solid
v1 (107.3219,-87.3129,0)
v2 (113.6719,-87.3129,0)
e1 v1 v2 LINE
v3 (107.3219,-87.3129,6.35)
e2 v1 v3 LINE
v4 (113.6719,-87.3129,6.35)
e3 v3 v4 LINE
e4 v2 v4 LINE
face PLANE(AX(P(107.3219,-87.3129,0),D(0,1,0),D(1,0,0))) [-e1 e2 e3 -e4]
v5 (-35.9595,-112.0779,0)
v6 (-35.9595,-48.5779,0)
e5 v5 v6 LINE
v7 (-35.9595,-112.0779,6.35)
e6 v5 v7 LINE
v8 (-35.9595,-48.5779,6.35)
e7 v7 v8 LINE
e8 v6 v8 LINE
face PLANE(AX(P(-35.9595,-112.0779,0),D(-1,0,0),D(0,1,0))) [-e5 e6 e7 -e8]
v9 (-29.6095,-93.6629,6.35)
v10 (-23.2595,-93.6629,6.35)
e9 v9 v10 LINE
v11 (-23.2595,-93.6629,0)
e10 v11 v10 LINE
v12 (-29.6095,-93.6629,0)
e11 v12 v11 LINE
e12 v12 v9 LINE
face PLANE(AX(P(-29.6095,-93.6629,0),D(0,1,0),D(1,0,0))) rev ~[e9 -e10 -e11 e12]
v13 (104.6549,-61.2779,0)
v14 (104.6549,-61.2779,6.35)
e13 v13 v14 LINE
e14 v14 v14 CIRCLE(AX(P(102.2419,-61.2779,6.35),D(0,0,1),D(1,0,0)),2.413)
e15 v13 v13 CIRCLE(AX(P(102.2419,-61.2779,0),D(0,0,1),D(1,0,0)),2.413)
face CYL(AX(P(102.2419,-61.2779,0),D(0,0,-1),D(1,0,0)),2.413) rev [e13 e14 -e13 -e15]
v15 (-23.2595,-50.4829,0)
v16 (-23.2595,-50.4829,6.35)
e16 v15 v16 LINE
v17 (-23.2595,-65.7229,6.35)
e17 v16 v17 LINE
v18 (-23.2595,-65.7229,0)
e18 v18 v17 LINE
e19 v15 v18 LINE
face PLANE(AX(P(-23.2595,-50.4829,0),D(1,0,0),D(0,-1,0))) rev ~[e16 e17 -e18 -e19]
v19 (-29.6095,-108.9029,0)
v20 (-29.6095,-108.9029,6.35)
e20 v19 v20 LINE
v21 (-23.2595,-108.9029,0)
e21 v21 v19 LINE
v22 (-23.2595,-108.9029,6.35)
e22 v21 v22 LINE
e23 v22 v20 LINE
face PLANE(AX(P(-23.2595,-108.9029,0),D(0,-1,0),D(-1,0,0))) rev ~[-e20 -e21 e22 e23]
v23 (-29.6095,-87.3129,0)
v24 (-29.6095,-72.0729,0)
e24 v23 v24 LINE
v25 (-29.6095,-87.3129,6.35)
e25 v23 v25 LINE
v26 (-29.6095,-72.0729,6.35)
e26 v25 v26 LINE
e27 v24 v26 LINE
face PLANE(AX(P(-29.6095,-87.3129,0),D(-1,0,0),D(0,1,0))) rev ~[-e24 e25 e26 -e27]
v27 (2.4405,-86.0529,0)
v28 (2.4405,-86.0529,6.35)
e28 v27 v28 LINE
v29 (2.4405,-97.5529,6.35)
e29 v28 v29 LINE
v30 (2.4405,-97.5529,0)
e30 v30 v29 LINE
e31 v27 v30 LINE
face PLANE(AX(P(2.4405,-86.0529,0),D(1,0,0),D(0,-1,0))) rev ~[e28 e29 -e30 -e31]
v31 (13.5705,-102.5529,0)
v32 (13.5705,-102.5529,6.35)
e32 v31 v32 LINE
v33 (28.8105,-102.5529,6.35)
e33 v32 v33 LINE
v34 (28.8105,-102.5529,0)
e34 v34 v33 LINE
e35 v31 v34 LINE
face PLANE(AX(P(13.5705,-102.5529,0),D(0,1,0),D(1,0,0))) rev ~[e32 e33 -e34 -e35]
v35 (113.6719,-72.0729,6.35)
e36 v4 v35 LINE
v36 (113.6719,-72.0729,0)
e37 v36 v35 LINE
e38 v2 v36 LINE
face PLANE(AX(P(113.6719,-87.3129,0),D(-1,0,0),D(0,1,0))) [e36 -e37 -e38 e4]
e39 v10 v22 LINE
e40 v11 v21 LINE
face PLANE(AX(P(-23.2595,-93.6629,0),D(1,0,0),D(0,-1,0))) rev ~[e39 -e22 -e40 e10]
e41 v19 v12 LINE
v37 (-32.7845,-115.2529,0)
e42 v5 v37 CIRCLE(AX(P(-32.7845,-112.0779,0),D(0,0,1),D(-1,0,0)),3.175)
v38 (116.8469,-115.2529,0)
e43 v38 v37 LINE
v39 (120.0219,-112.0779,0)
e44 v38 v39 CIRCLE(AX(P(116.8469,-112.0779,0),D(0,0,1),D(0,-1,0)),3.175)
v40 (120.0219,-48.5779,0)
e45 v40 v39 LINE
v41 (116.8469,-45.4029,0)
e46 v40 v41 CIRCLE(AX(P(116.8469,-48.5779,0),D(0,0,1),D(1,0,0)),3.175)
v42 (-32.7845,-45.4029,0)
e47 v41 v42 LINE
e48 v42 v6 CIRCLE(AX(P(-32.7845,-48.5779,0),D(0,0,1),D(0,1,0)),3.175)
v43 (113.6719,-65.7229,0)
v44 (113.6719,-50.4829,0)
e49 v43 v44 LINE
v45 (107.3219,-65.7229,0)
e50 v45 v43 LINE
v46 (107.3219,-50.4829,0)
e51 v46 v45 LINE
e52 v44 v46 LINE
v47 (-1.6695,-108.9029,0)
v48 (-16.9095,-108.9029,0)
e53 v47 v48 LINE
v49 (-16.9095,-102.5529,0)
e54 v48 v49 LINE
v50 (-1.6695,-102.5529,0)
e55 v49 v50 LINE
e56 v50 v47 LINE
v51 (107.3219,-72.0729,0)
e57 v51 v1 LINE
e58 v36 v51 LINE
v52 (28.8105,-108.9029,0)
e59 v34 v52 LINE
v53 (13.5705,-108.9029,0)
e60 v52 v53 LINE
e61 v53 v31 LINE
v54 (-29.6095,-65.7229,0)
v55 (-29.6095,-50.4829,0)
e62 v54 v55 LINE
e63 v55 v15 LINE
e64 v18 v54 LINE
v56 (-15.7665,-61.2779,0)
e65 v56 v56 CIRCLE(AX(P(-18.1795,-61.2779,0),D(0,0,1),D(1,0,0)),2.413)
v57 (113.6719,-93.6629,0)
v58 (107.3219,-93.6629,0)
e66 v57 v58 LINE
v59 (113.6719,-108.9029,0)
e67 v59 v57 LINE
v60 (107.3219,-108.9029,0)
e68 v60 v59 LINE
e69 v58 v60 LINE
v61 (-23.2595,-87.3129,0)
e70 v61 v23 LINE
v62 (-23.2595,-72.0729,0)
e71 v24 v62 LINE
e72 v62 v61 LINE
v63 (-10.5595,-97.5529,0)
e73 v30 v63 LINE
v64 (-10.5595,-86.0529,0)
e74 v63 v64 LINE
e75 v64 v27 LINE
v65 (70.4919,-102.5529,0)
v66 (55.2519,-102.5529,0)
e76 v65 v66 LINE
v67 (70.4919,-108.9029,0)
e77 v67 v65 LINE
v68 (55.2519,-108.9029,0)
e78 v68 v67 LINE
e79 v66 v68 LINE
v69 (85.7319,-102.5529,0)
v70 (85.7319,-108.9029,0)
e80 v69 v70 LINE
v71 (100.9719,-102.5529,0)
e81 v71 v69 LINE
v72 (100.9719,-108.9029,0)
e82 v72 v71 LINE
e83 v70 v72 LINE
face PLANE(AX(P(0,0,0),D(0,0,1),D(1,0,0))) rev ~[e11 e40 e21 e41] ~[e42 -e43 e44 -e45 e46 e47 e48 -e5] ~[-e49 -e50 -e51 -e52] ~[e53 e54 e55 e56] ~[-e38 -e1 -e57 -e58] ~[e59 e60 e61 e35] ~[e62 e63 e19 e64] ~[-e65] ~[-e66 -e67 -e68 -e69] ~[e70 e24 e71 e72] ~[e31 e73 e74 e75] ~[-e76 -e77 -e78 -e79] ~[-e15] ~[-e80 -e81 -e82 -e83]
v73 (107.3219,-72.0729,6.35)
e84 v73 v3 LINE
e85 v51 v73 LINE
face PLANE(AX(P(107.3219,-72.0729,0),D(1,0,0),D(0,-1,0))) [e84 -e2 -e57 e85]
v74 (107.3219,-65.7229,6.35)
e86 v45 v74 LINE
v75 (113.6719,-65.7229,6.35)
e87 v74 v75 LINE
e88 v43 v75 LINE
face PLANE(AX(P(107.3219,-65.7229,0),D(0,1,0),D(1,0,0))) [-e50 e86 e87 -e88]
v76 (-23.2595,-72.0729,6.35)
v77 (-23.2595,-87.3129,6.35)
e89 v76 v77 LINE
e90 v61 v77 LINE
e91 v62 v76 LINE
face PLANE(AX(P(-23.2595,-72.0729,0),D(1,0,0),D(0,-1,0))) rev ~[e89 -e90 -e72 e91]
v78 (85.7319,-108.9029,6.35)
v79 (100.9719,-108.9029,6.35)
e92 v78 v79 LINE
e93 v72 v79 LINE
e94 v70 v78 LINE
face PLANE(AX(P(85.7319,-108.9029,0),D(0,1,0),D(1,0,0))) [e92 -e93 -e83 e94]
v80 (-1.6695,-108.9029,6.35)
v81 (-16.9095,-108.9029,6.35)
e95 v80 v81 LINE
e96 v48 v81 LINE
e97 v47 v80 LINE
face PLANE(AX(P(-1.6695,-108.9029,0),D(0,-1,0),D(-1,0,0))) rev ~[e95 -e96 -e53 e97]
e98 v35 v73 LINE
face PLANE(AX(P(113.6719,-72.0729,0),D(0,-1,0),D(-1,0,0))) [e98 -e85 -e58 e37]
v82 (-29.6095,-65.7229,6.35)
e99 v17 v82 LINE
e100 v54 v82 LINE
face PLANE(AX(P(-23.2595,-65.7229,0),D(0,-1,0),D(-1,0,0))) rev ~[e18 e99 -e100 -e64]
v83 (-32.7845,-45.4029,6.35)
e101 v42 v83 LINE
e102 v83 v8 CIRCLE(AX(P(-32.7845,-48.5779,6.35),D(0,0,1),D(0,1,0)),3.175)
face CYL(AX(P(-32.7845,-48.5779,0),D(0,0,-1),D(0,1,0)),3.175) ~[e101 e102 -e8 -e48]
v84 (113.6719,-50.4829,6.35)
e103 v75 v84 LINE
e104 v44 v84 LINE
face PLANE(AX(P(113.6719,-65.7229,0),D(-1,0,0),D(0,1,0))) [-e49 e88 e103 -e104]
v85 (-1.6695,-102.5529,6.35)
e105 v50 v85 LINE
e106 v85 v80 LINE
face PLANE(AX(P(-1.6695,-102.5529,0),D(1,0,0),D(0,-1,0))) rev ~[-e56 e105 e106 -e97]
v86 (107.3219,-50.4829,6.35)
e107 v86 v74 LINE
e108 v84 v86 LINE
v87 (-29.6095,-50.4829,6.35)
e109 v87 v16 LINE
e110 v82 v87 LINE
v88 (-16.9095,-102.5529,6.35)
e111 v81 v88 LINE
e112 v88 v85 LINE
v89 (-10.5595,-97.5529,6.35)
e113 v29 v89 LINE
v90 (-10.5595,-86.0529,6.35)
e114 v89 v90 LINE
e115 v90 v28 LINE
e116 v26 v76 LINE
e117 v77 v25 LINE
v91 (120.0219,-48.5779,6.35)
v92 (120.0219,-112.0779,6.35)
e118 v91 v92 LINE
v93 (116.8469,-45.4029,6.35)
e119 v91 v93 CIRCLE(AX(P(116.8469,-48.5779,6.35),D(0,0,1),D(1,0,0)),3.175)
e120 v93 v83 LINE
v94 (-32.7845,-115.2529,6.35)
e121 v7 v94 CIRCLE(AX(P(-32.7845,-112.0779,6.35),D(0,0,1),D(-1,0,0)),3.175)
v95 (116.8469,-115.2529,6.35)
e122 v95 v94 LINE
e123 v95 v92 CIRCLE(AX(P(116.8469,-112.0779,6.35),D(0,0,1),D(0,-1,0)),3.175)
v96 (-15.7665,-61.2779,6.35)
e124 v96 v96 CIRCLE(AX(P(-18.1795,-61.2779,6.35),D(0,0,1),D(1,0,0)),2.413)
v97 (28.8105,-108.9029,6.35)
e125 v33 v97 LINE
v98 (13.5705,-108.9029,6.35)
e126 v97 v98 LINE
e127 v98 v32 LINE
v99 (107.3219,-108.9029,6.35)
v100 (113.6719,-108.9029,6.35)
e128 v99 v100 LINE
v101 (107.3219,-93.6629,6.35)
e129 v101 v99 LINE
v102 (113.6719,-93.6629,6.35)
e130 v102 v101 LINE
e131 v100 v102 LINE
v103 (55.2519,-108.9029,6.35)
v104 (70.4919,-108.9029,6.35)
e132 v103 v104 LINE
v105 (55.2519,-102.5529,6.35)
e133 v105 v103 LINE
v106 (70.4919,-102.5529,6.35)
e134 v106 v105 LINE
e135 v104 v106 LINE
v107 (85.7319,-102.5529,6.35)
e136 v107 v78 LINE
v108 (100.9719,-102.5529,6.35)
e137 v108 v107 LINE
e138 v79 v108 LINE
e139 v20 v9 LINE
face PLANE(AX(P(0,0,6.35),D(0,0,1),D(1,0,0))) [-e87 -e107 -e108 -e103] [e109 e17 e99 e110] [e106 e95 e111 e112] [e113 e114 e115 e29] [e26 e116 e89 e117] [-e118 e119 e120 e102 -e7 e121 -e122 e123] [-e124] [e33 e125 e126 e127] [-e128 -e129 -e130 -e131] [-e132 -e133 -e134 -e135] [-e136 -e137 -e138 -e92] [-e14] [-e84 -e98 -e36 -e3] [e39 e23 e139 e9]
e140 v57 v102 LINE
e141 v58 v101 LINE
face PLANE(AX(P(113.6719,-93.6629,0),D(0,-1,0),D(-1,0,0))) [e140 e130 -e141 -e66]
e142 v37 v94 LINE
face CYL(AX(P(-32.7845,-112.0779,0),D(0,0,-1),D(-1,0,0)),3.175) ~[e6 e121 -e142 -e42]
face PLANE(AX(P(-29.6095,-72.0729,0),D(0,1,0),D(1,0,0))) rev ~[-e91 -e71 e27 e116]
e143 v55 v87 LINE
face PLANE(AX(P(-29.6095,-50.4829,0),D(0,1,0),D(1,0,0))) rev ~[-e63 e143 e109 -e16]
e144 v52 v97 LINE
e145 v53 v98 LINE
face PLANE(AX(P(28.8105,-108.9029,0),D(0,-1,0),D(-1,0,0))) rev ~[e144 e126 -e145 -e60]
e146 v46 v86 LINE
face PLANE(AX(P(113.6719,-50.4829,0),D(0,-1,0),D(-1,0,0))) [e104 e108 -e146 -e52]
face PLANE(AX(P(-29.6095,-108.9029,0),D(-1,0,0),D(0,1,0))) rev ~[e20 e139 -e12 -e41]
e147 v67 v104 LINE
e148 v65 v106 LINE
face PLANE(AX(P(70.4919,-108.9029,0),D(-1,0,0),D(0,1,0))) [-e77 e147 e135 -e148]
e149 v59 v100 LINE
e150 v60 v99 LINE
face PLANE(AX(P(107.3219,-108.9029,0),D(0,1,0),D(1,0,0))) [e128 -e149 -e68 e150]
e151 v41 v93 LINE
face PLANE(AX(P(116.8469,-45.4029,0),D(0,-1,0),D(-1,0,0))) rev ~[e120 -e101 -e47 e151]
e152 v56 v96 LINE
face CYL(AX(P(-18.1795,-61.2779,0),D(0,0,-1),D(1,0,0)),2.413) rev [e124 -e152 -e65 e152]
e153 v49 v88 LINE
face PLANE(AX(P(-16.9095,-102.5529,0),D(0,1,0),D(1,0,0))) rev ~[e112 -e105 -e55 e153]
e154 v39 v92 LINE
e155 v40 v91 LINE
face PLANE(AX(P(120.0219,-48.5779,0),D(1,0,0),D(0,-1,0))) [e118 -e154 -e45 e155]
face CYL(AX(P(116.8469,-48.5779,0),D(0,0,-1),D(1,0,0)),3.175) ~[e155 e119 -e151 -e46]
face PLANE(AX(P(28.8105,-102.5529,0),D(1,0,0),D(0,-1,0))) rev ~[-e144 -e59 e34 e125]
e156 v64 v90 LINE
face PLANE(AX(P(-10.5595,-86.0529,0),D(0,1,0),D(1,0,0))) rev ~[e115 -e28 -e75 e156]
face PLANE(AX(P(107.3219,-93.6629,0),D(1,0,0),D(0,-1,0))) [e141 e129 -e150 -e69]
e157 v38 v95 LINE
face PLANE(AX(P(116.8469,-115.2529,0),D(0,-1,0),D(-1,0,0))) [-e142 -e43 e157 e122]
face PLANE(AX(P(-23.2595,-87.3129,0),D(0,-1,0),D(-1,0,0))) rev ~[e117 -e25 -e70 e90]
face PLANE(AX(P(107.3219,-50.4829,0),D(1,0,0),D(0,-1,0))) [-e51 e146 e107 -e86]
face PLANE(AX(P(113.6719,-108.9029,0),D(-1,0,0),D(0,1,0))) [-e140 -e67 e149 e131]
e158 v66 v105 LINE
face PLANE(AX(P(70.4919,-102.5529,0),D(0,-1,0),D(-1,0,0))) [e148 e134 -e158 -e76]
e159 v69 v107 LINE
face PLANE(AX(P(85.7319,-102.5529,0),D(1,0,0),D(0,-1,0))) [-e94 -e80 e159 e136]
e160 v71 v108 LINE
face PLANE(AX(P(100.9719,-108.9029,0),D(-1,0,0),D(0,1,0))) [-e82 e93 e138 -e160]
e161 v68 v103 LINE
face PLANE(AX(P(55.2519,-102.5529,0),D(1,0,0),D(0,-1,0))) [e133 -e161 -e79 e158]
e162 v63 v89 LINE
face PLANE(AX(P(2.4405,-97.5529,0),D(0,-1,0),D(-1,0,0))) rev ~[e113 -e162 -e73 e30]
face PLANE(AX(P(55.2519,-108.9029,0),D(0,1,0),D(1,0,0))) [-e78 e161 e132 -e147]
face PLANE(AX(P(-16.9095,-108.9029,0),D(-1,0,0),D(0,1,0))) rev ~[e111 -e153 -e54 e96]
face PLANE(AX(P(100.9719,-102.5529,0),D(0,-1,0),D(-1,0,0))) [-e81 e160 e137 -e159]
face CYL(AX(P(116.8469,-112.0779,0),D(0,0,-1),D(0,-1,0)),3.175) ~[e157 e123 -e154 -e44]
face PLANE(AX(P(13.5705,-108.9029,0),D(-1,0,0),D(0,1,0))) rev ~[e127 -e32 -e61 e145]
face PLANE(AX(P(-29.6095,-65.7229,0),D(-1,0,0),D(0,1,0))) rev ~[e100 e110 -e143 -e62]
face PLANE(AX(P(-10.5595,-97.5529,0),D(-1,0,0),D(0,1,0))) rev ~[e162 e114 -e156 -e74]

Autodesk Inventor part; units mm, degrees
ref_plane "YZ Plane" through (0, 0, 0) normal (1, 0, 0) x (0, 1, 0)
ref_plane "XZ Plane" through (0, 0, 0) normal (0, 1, 0) x (-1, 0, 0)
ref_plane "XY Plane" through (0, 0, 0) normal (0, 0, 1) x (1, 0, 0)
sketch "Sketch1" plane through (0, 0, 0) normal (0, 0, 1) x (1, 0, 0)
  circle A0 centre (-18.1795, -61.2779) radius 2.413
  circle A1 centre (102.2419, -61.2779) radius 2.413
  line L0 (-23.2595, -45.4029) -> (-23.2595, -64.9896) construction
  line L1 (107.3219, -48.5779) -> (107.3219, -70.0812) construction
  line L2 (116.8469, -45.4029) -> (-32.7845, -45.4029)
  line L3 (120.0219, -48.5779) -> (120.0219, -112.0779)
  line L4 (116.8469, -115.2529) -> (-32.7845, -115.2529)
  line L5 (-35.9595, -112.0779) -> (-35.9595, -48.5779)
  arc A2 (-32.7845, -45.4029) -> (-35.9595, -48.5779) centre (-32.7845, -48.5779) ccw
  arc A3 (-35.9595, -112.0779) -> (-32.7845, -115.2529) centre (-32.7845, -112.0779) ccw
  arc A4 (116.8469, -115.2529) -> (120.0219, -112.0779) centre (116.8469, -112.0779) ccw
  arc A5 (120.0219, -48.5779) -> (116.8469, -45.4029) centre (116.8469, -48.5779) ccw
  line L6 (-29.6095, -50.4829) -> (-23.2595, -50.4829)
  line L7 (-23.2595, -50.4829) -> (-23.2595, -65.7229)
  line L8 (-23.2595, -65.7229) -> (-29.6095, -65.7229)
  line L9 (-29.6095, -65.7229) -> (-29.6095, -50.4829)
  line L10 (-29.6095, -72.0729) -> (-23.2595, -72.0729)
  line L11 (-23.2595, -72.0729) -> (-23.2595, -87.3129)
  line L12 (-23.2595, -87.3129) -> (-29.6095, -87.3129)
  line L13 (-29.6095, -87.3129) -> (-29.6095, -72.0729)
  line L14 (-29.6095, -93.6629) -> (-23.2595, -93.6629)
  line L15 (-23.2595, -93.6629) -> (-23.2595, -108.9029)
  line L16 (-23.2595, -108.9029) -> (-29.6095, -108.9029)
  line L17 (-29.6095, -108.9029) -> (-29.6095, -93.6629)
  line L18 (42.0312, -45.4029) -> (42.0312, -115.2529) construction
  line L19 (113.6719, -50.4829) -> (107.3219, -50.4829)
  line L20 (107.3219, -50.4829) -> (107.3219, -65.7229)
  line L21 (107.3219, -65.7229) -> (113.6719, -65.7229)
  line L22 (113.6719, -65.7229) -> (113.6719, -50.4829)
  line L23 (113.6719, -72.0729) -> (107.3219, -72.0729)
  line L24 (107.3219, -72.0729) -> (107.3219, -87.3129)
  line L25 (107.3219, -87.3129) -> (113.6719, -87.3129)
  line L26 (113.6719, -87.3129) -> (113.6719, -72.0729)
  line L27 (113.6719, -93.6629) -> (107.3219, -93.6629)
  line L28 (107.3219, -93.6629) -> (107.3219, -108.9029)
  line L29 (107.3219, -108.9029) -> (113.6719, -108.9029)
  line L30 (113.6719, -108.9029) -> (113.6719, -93.6629)
  line L31 (-16.9095, -102.5529) -> (-1.6695, -102.5529)
  line L32 (-1.6695, -102.5529) -> (-1.6695, -108.9029)
  line L33 (-1.6695, -108.9029) -> (-16.9095, -108.9029)
  line L34 (-16.9095, -108.9029) -> (-16.9095, -102.5529)
  line L35 (13.5705, -102.5529) -> (28.8105, -102.5529)
  line L36 (28.8105, -102.5529) -> (28.8105, -108.9029)
  line L37 (28.8105, -108.9029) -> (13.5705, -108.9029)
  line L38 (13.5705, -108.9029) -> (13.5705, -102.5529)
  line L39 (100.9719, -102.5529) -> (85.7319, -102.5529)
  line L40 (85.7319, -102.5529) -> (85.7319, -108.9029)
  line L41 (85.7319, -108.9029) -> (100.9719, -108.9029)
  line L42 (100.9719, -108.9029) -> (100.9719, -102.5529)
  line L43 (70.4919, -102.5529) -> (55.2519, -102.5529)
  line L44 (55.2519, -102.5529) -> (55.2519, -108.9029)
  line L45 (55.2519, -108.9029) -> (70.4919, -108.9029)
  line L46 (70.4919, -108.9029) -> (70.4919, -102.5529)
  line L47 (-10.5595, -86.0529) -> (2.4405, -86.0529)
  line L48 (2.4405, -86.0529) -> (2.4405, -97.5529)
  line L49 (2.4405, -97.5529) -> (-10.5595, -97.5529)
  line L50 (-10.5595, -97.5529) -> (-10.5595, -86.0529)
  point P0 (0, 0)
  point P1 (-35.9595, -45.4029)
  point P2 (-35.9595, -115.2529)
  point P3 (107.3219, -64.9896)
  dimension "d3" = 4.826
  dimension "d4" = 4.826
  dimension "d7" = 120.4214
  dimension "d8" = 5.08
  dimension "d9" = 5.08
  dimension "d18" = 15.875
  dimension "d19" = 15.875
  dimension "d20" = 90
  dimension "d21" = 12.7
  dimension "d22" = 155.9814
  dimension "d23" = 69.85
  dimension "d24" = 3.175
  dimension "d25" = 6.35
  dimension "d26" = 6.35
  dimension "d27" = 15.24
  dimension "d28" = 15.24
  dimension "d29" = 15.24
  dimension "d30" = 6.35
  dimension "d31" = 6.35
  dimension "d32" = 6.35
  dimension "d37" = 15.24
  dimension "d38" = 15.24
  dimension "d40" = 6.35
  dimension "d41" = 15.24
  dimension "d50" = 6.35
  dimension "d53" = 11.5
  dimension "d54" = 13
  dimension "d55" = 5
  dimension "d56" = 12.7
extrude "Extrusion6" add sketch "Sketch1" along normal blind 6.35
equation "\"d4\" = d3"
equation "\"d19\" = d18"
equation "\"d22\" = 2 * d21 + d7 + d9 + d8"
equation "\"d28\" = d27"
equation "\"d29\" = d27"
equation "\"d31\" = d30"
equation "\"d32\" = d30"
equation "\"d37\" = d27"
equation "\"d38\" = d27"
equation "\"d40\" = d30"
properties part number "Tester Cheek PE" material "UHMW, Black"
